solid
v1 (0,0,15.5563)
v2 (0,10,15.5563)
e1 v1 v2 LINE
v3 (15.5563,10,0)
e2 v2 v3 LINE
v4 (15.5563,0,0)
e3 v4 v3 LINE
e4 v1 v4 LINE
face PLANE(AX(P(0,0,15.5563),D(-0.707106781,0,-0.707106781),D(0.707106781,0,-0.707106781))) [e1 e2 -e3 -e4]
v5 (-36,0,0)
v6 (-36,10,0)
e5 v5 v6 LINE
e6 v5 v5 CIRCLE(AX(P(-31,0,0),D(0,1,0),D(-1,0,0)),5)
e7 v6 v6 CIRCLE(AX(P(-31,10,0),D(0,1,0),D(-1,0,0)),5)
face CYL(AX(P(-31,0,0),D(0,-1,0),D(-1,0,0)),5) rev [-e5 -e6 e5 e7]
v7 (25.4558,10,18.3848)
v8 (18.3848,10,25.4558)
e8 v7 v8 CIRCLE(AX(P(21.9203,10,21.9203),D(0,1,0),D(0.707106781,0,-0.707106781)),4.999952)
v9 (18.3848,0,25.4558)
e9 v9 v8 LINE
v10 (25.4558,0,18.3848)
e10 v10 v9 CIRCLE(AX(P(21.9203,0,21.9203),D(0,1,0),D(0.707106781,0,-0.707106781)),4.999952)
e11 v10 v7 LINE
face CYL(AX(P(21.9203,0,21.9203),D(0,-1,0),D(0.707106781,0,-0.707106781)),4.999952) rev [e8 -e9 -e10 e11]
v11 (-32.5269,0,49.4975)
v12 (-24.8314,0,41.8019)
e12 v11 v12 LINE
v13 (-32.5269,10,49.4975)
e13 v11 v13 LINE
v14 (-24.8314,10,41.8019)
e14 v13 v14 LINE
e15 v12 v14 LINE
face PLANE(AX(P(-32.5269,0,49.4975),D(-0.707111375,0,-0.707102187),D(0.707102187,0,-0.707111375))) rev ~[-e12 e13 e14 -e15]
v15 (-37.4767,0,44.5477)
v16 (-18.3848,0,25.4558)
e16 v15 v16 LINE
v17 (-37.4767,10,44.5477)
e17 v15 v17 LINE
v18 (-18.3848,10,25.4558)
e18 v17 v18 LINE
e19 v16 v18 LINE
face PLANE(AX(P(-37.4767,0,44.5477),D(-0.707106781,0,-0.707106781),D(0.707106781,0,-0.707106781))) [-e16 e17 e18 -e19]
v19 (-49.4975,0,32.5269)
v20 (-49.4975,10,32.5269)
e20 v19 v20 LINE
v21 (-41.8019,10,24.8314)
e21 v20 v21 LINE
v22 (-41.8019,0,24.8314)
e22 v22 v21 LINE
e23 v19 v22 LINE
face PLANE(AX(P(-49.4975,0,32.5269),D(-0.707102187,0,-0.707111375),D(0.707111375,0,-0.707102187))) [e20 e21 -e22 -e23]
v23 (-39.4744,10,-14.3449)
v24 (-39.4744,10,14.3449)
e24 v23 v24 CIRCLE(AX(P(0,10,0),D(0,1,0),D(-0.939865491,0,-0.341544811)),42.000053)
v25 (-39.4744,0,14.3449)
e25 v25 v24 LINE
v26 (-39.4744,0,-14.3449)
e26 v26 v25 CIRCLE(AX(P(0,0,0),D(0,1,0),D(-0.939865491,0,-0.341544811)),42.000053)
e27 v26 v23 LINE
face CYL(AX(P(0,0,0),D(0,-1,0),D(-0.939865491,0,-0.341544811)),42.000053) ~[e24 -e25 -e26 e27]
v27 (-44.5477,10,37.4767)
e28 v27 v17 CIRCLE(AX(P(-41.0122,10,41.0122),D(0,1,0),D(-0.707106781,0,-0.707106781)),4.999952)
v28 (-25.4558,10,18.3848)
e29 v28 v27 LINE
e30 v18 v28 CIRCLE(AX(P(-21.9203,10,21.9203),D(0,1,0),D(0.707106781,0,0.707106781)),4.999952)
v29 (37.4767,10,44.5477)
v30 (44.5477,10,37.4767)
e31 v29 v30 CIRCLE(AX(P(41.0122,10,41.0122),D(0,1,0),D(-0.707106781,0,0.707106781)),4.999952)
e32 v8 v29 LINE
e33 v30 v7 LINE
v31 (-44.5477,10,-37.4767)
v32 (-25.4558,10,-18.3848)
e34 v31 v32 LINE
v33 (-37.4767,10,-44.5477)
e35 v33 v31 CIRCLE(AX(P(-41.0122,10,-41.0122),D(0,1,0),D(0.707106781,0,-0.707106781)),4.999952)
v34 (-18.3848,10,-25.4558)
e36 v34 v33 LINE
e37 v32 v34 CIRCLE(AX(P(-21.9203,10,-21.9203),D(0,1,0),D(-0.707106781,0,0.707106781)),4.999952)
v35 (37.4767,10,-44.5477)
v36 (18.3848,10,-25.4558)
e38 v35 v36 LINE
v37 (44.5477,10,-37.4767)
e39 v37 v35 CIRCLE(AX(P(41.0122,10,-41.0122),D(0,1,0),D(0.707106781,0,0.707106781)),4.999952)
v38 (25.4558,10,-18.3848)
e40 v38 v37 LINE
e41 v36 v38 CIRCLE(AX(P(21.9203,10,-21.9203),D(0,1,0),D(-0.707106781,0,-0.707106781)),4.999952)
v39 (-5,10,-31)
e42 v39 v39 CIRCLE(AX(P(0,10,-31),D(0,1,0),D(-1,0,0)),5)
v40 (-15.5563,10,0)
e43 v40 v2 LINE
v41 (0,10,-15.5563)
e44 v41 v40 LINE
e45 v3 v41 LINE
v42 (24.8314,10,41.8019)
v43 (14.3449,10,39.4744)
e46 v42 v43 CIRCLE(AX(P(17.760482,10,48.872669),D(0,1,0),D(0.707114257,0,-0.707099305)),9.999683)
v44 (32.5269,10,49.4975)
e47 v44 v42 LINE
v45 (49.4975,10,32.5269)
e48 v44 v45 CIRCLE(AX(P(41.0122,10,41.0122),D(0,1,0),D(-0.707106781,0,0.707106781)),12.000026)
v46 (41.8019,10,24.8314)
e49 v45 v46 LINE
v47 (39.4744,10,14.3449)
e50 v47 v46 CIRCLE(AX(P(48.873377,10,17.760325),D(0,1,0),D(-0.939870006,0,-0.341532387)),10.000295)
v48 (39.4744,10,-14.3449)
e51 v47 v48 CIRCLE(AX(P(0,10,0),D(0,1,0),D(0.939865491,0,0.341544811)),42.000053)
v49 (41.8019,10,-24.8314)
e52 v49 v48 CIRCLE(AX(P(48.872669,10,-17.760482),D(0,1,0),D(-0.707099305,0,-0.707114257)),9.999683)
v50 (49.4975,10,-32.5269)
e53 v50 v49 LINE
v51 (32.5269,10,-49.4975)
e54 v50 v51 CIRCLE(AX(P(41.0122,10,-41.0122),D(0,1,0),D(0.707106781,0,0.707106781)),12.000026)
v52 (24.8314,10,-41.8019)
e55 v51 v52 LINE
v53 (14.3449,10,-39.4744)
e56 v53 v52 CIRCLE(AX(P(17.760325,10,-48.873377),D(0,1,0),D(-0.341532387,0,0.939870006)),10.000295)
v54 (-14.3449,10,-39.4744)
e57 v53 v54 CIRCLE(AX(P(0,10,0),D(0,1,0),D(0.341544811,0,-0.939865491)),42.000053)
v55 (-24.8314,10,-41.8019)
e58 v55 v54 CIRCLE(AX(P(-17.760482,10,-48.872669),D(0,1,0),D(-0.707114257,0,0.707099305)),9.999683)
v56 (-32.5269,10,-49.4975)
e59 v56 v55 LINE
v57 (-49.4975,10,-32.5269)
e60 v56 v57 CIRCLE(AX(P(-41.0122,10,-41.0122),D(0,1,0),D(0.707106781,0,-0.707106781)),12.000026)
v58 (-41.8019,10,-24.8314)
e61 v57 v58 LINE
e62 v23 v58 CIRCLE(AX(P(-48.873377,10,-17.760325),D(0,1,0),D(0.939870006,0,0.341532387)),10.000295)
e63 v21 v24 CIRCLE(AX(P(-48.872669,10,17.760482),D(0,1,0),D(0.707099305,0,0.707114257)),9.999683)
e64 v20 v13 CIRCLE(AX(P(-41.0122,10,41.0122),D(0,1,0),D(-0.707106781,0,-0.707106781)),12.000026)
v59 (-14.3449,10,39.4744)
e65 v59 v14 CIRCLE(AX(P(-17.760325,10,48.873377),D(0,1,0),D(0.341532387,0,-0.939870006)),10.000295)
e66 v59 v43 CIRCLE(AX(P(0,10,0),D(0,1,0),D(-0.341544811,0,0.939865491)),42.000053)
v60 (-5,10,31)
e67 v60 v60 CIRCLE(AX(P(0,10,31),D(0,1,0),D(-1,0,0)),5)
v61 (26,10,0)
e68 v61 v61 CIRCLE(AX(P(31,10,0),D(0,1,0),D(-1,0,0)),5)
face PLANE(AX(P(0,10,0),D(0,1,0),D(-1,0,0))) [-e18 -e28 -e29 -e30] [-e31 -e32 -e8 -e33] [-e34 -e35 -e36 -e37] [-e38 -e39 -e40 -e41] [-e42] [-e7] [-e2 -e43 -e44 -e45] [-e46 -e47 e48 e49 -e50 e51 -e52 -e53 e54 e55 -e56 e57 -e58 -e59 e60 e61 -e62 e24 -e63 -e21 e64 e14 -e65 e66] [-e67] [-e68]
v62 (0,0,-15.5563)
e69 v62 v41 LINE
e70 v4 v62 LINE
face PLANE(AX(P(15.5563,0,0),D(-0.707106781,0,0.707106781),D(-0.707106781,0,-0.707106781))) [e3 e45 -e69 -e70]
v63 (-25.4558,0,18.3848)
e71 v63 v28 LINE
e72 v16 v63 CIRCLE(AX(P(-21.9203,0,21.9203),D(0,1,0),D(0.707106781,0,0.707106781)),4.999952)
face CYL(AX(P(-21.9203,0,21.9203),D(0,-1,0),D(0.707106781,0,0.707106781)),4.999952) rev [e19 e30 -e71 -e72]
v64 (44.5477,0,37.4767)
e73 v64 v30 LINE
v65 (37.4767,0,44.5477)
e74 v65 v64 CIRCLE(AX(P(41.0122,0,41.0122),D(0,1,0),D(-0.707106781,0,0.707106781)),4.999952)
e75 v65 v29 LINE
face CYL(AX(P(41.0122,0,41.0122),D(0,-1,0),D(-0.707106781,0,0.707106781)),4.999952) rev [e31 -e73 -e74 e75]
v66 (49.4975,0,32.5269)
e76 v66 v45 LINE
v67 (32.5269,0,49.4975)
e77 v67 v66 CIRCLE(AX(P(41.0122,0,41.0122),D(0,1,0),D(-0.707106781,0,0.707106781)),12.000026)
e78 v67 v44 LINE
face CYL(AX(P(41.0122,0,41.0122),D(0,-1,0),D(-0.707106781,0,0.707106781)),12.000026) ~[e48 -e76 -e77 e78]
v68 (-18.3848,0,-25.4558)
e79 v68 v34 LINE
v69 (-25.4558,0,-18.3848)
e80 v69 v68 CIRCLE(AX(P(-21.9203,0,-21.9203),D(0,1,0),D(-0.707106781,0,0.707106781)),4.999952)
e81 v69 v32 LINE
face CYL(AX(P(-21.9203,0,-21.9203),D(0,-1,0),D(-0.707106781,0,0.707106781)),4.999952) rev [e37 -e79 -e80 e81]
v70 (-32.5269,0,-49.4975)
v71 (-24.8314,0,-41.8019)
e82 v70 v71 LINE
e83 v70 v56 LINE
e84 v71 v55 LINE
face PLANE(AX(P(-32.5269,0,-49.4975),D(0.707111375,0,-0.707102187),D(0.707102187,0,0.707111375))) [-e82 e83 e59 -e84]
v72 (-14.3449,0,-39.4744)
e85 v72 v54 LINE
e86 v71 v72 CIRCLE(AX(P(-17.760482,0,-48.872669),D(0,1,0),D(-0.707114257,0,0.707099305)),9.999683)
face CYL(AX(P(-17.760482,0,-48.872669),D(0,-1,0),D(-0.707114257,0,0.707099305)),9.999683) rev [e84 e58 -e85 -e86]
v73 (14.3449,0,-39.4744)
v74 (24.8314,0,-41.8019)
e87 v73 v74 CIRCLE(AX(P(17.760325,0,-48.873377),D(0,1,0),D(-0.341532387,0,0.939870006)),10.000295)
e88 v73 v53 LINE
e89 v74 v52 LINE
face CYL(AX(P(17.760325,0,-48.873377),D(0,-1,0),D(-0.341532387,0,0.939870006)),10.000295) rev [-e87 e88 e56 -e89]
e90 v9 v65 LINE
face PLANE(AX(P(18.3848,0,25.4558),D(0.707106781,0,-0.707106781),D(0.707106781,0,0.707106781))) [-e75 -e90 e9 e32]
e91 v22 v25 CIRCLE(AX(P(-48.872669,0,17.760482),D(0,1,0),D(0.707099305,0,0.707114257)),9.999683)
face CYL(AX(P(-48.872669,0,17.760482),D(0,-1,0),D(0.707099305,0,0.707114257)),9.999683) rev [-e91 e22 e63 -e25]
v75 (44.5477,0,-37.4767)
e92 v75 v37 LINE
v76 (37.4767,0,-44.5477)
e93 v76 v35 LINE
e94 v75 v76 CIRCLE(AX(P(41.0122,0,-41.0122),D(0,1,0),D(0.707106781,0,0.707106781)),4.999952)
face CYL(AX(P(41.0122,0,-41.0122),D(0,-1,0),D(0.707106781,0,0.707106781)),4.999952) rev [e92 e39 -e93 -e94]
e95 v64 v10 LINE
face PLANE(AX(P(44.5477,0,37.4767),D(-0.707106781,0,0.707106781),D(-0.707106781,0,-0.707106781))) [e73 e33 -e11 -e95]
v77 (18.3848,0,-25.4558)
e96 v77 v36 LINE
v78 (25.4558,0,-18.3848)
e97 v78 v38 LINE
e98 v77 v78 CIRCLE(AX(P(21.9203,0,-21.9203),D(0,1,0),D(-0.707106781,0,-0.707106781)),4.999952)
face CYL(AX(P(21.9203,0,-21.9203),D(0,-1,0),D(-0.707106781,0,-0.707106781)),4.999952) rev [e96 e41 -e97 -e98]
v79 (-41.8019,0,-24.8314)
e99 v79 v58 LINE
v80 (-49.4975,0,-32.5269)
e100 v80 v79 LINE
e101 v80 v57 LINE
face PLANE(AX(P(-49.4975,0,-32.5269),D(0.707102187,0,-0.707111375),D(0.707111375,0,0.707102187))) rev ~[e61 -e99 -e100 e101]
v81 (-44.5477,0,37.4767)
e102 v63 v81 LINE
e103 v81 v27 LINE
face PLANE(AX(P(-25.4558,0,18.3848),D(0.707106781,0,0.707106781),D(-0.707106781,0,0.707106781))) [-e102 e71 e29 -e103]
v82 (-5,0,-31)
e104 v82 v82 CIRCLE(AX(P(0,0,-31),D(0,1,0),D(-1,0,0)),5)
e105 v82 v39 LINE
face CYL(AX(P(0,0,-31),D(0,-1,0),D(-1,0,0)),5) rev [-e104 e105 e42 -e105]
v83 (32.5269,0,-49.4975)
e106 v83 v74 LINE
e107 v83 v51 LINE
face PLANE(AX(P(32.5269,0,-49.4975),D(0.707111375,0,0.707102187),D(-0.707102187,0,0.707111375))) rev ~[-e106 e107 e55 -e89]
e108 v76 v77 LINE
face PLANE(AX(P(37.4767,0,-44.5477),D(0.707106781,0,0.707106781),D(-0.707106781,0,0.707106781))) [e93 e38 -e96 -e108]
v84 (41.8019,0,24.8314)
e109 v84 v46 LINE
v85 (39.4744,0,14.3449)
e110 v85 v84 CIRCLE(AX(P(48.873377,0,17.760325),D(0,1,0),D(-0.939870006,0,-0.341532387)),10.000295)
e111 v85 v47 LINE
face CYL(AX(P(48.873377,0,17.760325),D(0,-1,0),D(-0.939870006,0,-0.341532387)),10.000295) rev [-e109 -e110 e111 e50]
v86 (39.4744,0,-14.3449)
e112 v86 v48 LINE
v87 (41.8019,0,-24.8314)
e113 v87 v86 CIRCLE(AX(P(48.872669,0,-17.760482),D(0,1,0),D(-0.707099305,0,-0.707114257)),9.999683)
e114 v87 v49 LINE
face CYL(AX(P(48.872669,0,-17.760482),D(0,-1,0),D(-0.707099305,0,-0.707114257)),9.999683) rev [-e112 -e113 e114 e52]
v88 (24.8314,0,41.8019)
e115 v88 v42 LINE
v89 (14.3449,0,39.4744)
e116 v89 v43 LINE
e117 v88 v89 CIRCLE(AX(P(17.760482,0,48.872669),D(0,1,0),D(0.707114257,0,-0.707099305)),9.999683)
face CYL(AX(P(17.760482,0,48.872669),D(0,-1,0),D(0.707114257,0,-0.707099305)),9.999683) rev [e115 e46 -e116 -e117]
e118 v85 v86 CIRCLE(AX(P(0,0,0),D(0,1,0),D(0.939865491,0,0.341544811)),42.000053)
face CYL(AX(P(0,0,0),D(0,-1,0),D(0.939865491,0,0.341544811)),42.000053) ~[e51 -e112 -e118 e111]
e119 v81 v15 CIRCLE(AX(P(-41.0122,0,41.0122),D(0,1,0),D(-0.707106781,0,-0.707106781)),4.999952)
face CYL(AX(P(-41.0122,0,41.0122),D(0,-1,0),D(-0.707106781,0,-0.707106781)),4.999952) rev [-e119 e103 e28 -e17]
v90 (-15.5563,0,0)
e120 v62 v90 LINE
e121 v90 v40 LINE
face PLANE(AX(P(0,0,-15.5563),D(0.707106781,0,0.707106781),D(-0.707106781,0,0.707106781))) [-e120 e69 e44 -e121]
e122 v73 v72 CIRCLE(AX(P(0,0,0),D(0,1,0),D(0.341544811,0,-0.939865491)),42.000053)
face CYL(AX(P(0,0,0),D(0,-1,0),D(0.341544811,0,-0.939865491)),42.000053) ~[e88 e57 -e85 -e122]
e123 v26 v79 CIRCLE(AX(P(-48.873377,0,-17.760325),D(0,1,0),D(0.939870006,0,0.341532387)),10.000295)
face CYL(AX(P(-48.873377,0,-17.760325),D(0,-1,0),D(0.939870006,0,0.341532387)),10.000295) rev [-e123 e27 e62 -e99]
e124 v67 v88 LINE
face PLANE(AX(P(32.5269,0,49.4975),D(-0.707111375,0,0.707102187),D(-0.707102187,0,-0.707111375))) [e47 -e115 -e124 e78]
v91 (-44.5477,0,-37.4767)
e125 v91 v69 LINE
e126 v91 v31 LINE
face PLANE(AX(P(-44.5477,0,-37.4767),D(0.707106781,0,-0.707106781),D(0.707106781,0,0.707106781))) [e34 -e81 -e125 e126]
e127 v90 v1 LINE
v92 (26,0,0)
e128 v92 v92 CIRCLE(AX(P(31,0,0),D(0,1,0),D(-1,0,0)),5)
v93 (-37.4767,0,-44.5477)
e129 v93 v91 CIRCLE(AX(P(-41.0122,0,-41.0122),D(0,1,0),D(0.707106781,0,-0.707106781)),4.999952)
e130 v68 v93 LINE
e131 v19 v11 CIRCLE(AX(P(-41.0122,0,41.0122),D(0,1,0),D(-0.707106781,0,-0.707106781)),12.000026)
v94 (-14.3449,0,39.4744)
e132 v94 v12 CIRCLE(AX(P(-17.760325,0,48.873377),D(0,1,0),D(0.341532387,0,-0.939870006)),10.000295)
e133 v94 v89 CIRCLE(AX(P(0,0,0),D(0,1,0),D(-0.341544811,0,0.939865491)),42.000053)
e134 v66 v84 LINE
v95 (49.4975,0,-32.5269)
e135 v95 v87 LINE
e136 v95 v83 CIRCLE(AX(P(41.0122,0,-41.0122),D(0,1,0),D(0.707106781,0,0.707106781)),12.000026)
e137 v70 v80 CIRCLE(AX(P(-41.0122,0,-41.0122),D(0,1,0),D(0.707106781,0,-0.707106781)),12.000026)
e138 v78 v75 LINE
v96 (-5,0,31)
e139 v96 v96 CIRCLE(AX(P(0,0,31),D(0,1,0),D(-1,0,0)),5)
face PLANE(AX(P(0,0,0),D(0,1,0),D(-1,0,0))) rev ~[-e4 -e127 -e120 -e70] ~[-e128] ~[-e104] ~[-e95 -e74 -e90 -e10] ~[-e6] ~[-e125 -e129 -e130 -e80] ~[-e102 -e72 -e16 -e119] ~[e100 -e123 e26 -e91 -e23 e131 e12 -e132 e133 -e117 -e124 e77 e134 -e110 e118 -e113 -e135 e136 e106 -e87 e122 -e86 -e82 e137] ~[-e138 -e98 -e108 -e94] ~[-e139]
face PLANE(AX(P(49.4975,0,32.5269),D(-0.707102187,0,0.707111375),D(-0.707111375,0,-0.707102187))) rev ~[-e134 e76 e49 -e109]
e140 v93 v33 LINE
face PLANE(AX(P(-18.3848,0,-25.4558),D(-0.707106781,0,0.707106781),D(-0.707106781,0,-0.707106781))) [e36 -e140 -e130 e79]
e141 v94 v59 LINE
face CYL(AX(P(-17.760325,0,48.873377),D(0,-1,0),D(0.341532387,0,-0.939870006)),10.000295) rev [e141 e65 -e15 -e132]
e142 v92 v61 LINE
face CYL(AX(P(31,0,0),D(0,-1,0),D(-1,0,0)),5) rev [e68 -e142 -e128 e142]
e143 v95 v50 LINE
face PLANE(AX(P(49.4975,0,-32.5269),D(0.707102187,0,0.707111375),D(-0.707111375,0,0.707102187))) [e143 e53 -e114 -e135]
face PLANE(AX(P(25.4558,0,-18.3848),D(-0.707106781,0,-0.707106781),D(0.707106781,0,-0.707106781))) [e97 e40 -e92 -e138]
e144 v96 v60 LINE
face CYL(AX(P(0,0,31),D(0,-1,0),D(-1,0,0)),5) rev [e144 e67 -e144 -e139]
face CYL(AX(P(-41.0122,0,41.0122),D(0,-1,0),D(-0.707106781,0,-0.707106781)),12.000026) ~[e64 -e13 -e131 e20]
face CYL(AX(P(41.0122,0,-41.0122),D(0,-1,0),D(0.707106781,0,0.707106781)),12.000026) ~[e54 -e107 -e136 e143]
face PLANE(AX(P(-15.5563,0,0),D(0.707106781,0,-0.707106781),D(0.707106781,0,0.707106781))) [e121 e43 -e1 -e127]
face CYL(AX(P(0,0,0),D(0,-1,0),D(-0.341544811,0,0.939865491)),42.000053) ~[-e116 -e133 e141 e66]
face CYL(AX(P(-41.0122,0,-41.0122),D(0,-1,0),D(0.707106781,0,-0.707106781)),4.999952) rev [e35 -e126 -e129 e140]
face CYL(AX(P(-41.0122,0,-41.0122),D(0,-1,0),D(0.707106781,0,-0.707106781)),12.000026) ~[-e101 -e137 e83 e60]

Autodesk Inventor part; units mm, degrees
ref_plane "YZ Plane" through (0, 0, 0) normal (1, 0, 0) x (0, 1, 0)
ref_plane "XZ Plane" through (0, 0, 0) normal (0, 1, 0) x (-1, 0, 0)
ref_plane "XY Plane" through (0, 0, 0) normal (0, 0, 1) x (1, 0, 0)
sketch "Sketch1" plane through (0, 0, 0) normal (0, 1, 0) x (-1, 0, 0)
  line L0 (-15.5563, 0) -> (0, -15.5563)
  line L1 (0, -15.5563) -> (15.5563, 0)
  line L2 (15.5563, 0) -> (0, 15.5563)
  line L3 (0, 15.5563) -> (-15.5563, 0)
  line L4 (-15.5563, 0) -> (15.5563, 0) construction
  line L5 (0, -15.5563) -> (0, 15.5563) construction
  circle A0 centre (0, 0) radius 31 construction
  circle A1 centre (31, 0) radius 5
  line L6 (21.9203, -21.9203) -> (41.0122, -41.0122) construction
  line L7 (18.3848, -25.4558) -> (37.4767, -44.5477)
  line L8 (44.5477, -37.4767) -> (25.4558, -18.3848)
  arc A2 (25.4558, -18.3848) -> (18.3848, -25.4558) centre (21.9203, -21.9203) ccw
  arc A3 (37.4767, -44.5477) -> (44.5477, -37.4767) centre (41.0122, -41.0122) ccw
  arc A4 (32.5269, -49.4975) -> (49.4975, -32.5269) centre (41.0122, -41.0122) ccw
  line L9 (49.4975, -32.5269) -> (41.8019, -24.8314)
  line L10 (32.5269, -49.4975) -> (24.8314, -41.8019)
  arc A5 (39.4744, -14.3449) -> (41.8019, -24.8314) centre (48.873, -17.7603) ccw
  arc A6 (24.8314, -41.8019) -> (14.3449, -39.4744) centre (17.7603, -48.873) ccw
  circle A7 centre (0, 31) radius 5
  arc A8 (14.3449, 39.4744) -> (24.8314, 41.8019) centre (17.7603, 48.873) ccw
  line L11 (32.5269, 49.4975) -> (24.8314, 41.8019)
  arc A9 (49.4975, 32.5269) -> (32.5269, 49.4975) centre (41.0122, 41.0122) ccw
  line L12 (49.4975, 32.5269) -> (41.8019, 24.8314)
  arc A10 (41.8019, 24.8314) -> (39.4744, 14.3449) centre (48.873, 17.7603) ccw
  line L13 (25.4558, 18.3848) -> (44.5477, 37.4767)
  line L14 (37.4767, 44.5477) -> (18.3848, 25.4558)
  arc A11 (44.5477, 37.4767) -> (37.4767, 44.5477) centre (41.0122, 41.0122) ccw
  arc A12 (18.3848, 25.4558) -> (25.4558, 18.3848) centre (21.9203, 21.9203) ccw
  circle A13 centre (-31, 0) radius 5
  arc A14 (-39.4744, 14.3449) -> (-41.8019, 24.8314) centre (-48.873, 17.7603) ccw
  line L15 (-49.4975, 32.5269) -> (-41.8019, 24.8314)
  arc A15 (-32.5269, 49.4975) -> (-49.4975, 32.5269) centre (-41.0122, 41.0122) ccw
  line L16 (-32.5269, 49.4975) -> (-24.8314, 41.8019)
  arc A16 (-24.8314, 41.8019) -> (-14.3449, 39.4744) centre (-17.7603, 48.873) ccw
  line L17 (-18.3848, 25.4558) -> (-37.4767, 44.5477)
  line L18 (-44.5477, 37.4767) -> (-25.4558, 18.3848)
  arc A17 (-37.4767, 44.5477) -> (-44.5477, 37.4767) centre (-41.0122, 41.0122) ccw
  arc A18 (-25.4558, 18.3848) -> (-18.3848, 25.4558) centre (-21.9203, 21.9203) ccw
  circle A19 centre (0, -31) radius 5
  arc A20 (-14.3449, -39.4744) -> (-24.8314, -41.8019) centre (-17.7603, -48.873) ccw
  line L19 (-32.5269, -49.4975) -> (-24.8314, -41.8019)
  arc A21 (-49.4975, -32.5269) -> (-32.5269, -49.4975) centre (-41.0122, -41.0122) ccw
  line L20 (-49.4975, -32.5269) -> (-41.8019, -24.8314)
  arc A22 (-41.8019, -24.8314) -> (-39.4744, -14.3449) centre (-48.873, -17.7603) ccw
  line L21 (-25.4558, -18.3848) -> (-44.5477, -37.4767)
  line L22 (-37.4767, -44.5477) -> (-18.3848, -25.4558)
  arc A23 (-44.5477, -37.4767) -> (-37.4767, -44.5477) centre (-41.0122, -41.0122) ccw
  arc A24 (-18.3848, -25.4558) -> (-25.4558, -18.3848) centre (-21.9203, -21.9203) ccw
  arc A25 (-14.3449, -39.4744) -> (14.3449, -39.4744) centre (0, 0) ccw
  arc A26 (-39.4744, 14.3449) -> (-39.4744, -14.3449) centre (0, 0) ccw
  arc A27 (39.4744, -14.3449) -> (39.4744, 14.3449) centre (0, 0) ccw
  arc A28 (14.3449, 39.4744) -> (-14.3449, 39.4744) centre (0, 0) ccw
  point P0 (0, 0)
  point P1 (0, 0)
  point P2 (31.4663, -31.4663)
  dimension "d0" = 22
  dimension "d1" = 62
  dimension "d3" = 5
  dimension "d4" = 45
  dimension "d5" = 45
  dimension "d6" = 58
  dimension "d7" = 5
  dimension "d8" = 12
  dimension "d9" = 10
  dimension "d10" = 10
  dimension "d13" = 360
  dimension "d15" = 42
extrude "Extrusion1" add sketch "Sketch1" along normal blind 10
properties part number "cruceta"
